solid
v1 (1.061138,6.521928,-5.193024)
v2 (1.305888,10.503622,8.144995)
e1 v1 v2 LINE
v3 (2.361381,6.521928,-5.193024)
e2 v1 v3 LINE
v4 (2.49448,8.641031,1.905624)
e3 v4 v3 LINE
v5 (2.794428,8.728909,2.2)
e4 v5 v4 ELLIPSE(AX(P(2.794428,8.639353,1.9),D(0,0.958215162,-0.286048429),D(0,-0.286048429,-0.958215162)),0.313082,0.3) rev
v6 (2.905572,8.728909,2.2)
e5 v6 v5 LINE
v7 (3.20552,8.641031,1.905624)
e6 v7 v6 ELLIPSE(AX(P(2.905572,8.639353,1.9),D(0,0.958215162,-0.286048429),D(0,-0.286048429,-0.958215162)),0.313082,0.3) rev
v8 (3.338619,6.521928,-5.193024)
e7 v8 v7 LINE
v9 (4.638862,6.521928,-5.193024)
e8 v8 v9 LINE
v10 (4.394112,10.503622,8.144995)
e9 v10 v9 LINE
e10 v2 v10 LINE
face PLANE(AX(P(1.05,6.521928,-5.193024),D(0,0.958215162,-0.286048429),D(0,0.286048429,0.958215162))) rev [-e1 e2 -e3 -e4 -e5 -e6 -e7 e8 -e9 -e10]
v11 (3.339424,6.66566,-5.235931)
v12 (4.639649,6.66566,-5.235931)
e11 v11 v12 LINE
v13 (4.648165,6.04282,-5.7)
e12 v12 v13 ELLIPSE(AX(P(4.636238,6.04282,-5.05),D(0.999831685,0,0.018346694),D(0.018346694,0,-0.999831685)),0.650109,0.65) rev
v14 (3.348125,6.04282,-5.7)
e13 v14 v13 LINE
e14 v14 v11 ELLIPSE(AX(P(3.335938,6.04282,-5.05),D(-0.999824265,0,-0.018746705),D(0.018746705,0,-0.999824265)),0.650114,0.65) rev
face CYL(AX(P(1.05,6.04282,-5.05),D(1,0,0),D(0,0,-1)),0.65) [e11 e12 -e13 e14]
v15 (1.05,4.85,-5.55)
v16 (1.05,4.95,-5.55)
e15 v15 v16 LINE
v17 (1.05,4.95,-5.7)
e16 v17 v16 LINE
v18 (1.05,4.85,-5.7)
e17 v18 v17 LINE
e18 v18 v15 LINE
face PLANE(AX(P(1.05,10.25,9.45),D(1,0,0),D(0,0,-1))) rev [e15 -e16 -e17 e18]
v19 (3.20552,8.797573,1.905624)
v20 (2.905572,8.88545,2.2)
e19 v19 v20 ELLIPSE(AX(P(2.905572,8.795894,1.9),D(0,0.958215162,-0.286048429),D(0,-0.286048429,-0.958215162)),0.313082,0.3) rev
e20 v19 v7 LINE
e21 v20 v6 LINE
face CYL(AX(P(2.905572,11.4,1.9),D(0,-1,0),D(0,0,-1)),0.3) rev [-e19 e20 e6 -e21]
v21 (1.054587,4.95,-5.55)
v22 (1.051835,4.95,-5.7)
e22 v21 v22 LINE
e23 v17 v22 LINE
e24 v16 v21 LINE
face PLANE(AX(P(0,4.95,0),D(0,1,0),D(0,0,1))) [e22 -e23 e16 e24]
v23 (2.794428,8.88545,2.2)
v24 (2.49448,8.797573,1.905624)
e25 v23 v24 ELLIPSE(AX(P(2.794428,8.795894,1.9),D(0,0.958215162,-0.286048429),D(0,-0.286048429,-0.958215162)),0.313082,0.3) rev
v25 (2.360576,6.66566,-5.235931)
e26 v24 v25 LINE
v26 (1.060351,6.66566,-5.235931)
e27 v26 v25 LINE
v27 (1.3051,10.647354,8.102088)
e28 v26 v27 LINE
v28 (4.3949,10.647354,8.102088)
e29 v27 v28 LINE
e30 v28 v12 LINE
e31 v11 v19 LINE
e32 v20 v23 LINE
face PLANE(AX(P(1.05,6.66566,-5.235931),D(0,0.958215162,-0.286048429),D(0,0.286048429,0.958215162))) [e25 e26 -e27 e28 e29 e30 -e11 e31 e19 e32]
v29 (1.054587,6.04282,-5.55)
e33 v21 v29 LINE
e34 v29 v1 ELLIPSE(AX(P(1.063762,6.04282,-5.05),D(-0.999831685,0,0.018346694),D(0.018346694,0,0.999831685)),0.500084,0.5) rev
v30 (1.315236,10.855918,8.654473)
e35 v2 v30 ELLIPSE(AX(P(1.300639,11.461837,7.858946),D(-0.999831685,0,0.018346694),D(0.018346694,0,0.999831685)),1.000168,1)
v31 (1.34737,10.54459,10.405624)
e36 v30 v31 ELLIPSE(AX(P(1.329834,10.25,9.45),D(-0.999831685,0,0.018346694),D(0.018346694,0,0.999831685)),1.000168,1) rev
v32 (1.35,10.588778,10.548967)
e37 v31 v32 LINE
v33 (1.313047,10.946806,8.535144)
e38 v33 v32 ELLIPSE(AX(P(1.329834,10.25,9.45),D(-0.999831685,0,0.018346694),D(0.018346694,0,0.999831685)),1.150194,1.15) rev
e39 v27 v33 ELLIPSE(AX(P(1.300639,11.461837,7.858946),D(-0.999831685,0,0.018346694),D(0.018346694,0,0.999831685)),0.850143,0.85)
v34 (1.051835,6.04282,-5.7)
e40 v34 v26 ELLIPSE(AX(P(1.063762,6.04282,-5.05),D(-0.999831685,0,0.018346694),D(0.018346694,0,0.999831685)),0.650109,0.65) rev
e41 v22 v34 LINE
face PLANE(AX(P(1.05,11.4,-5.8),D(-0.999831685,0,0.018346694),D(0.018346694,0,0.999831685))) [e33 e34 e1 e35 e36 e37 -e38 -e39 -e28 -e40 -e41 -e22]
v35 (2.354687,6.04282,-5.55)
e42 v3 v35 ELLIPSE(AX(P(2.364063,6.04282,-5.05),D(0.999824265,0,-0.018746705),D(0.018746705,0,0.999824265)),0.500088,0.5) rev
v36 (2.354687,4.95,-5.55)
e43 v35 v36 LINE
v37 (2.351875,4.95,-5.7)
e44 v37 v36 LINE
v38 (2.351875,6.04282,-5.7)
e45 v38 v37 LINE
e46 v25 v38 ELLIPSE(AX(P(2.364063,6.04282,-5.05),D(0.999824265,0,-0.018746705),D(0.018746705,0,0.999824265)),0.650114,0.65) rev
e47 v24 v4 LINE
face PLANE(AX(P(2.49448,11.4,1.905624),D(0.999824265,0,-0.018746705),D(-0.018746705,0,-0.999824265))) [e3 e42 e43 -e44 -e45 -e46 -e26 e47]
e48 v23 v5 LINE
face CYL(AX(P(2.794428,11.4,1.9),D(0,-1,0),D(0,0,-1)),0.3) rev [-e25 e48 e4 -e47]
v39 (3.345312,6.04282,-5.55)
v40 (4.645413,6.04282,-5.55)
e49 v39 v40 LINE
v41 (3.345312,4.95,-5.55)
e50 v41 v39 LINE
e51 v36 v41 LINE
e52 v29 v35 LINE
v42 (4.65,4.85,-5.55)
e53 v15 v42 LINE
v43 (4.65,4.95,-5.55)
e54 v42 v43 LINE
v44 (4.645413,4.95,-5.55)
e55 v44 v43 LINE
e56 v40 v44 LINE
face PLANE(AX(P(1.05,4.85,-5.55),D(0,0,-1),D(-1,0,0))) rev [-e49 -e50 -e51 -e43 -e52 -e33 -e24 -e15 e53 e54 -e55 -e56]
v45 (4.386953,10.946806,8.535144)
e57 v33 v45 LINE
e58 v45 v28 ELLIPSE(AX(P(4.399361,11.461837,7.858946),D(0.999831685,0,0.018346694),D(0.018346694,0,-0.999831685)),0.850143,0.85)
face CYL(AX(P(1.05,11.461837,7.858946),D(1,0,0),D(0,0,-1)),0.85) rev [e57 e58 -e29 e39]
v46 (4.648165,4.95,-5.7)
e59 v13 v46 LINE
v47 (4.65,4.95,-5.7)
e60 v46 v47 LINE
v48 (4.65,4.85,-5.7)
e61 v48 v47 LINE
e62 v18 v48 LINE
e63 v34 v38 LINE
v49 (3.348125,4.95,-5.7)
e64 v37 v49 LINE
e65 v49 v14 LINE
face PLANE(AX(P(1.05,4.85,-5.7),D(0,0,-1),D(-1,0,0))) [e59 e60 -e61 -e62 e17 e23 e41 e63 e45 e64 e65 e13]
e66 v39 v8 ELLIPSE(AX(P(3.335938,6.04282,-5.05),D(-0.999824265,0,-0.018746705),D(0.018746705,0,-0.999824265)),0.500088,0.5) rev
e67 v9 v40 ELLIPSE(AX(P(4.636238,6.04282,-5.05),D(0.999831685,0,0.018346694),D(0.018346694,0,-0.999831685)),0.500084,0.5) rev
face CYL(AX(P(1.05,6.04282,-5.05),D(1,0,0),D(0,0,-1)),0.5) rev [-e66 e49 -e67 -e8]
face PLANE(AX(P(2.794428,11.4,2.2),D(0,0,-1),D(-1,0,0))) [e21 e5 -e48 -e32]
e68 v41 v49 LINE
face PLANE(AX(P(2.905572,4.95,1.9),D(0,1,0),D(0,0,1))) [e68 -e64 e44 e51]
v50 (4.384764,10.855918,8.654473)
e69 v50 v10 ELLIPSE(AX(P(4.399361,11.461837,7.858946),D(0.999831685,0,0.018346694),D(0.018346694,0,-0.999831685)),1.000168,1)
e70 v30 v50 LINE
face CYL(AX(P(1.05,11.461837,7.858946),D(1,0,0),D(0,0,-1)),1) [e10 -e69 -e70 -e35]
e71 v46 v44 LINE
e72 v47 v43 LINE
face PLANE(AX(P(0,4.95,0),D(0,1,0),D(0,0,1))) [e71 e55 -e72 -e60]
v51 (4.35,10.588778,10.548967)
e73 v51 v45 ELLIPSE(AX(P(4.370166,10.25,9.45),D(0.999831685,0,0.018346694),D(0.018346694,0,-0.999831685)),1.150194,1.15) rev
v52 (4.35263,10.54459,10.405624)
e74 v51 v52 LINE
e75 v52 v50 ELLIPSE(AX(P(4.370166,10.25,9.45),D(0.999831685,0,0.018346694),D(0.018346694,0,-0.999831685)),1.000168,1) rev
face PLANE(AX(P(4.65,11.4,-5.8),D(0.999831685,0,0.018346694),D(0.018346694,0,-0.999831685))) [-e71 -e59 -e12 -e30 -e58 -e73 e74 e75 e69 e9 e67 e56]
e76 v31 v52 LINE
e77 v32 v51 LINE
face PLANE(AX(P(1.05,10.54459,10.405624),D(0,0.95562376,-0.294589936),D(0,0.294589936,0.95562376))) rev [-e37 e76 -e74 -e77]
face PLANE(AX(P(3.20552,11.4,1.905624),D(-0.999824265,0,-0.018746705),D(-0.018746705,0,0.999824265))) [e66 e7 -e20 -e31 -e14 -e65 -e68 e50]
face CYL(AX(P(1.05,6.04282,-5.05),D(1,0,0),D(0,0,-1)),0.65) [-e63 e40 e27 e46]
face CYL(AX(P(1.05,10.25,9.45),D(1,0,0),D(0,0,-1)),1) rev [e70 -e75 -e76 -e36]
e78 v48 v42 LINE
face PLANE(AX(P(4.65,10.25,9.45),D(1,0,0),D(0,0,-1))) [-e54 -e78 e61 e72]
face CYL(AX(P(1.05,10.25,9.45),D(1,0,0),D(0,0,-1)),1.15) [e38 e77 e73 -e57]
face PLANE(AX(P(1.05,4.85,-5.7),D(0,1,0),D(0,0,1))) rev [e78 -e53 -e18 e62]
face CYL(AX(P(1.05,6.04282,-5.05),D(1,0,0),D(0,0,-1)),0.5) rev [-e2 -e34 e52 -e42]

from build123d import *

# Parameters (mm, degrees)
HOOK_LEVER_DEPTH      = 1.8
HOOK_LEVER_DEPTH_BACK = 1.8
CUT_DEPTH             = 14.210060999


with BuildPart() as part:
    # Эскиз1 → Hook_Lever (new, two sides: drawn at the far end of the back side and taken through both)
    with BuildSketch(Plane(origin=(2.85, 0, 0), x_dir=(0, 0, -1), z_dir=(1, 0, 0)).offset(-HOOK_LEVER_DEPTH_BACK)):
        with BuildLine():
            Line((5.55, 4.85), (5.55, 6.042820323))
            ThreePointArc((5.55, 6.042820323), (5.450943953, 6.341557576), (5.193024215, 6.521927904))
            Line((5.193024215, 6.521927904), (-8.144994918, 10.50362176))
            ThreePointArc((-8.144994918, 10.50362176), (-8.427699037, 10.639328236), (-8.654473244, 10.855918461))
            ThreePointArc((-8.654473244, 10.855918461), (-9.625040353, 11.23456126), (-10.40562376, 10.544589936))
            Line((-10.40562376, 10.544589936), (-10.548967324, 10.588778426))
            ThreePointArc((-10.548967324, 10.588778426), (-9.651296406, 11.382245449), (-8.535144231, 10.94680623))
            ThreePointArc((-8.535144231, 10.94680623), (-8.342386155, 10.762704538), (-8.102087654, 10.647354034))
            Line((-8.102087654, 10.647354034), (5.235931479, 6.665660178))
            ThreePointArc((5.235931479, 6.665660178), (5.571227139, 6.431178752), (5.7, 6.042820323))
            Line((5.7, 6.042820323), (5.7, 4.85))
            Line((5.7, 4.85), (5.55, 4.85))
        make_face()
    extrude(amount=HOOK_LEVER_DEPTH + HOOK_LEVER_DEPTH_BACK)

    # Эскиз2 → Cut (cut, through all)
    with BuildSketch(Plane(origin=(0, 4.95, 0), x_dir=(1, 0, 0), z_dir=(0, 1, 0))):
        Polygon((1.05, 5.8), (1.35, -10.548967324), (1.05, -10.548967324), align=None)
        Polygon((4.65, 5.8), (4.65, -10.548967324), (4.35, -10.548967324), align=None)
        with BuildLine():
            Line((2.35, 5.8), (3.35, 5.8))
            Line((3.35, 5.8), (3.20551955, -1.905624011))
            ThreePointArc((3.20551955, -1.905624011), (3.115706509, -2.11411119), (2.90557227, -2.2))
            Line((2.90557227, -2.2), (2.79442773, -2.2))
            ThreePointArc((2.79442773, -2.2), (2.584293491, -2.11411119), (2.49448045, -1.905624011))
            Line((2.49448045, -1.905624011), (2.35, 5.8))
        make_face()
    extrude(amount=CUT_DEPTH, mode=Mode.SUBTRACT)


solid = part.part
